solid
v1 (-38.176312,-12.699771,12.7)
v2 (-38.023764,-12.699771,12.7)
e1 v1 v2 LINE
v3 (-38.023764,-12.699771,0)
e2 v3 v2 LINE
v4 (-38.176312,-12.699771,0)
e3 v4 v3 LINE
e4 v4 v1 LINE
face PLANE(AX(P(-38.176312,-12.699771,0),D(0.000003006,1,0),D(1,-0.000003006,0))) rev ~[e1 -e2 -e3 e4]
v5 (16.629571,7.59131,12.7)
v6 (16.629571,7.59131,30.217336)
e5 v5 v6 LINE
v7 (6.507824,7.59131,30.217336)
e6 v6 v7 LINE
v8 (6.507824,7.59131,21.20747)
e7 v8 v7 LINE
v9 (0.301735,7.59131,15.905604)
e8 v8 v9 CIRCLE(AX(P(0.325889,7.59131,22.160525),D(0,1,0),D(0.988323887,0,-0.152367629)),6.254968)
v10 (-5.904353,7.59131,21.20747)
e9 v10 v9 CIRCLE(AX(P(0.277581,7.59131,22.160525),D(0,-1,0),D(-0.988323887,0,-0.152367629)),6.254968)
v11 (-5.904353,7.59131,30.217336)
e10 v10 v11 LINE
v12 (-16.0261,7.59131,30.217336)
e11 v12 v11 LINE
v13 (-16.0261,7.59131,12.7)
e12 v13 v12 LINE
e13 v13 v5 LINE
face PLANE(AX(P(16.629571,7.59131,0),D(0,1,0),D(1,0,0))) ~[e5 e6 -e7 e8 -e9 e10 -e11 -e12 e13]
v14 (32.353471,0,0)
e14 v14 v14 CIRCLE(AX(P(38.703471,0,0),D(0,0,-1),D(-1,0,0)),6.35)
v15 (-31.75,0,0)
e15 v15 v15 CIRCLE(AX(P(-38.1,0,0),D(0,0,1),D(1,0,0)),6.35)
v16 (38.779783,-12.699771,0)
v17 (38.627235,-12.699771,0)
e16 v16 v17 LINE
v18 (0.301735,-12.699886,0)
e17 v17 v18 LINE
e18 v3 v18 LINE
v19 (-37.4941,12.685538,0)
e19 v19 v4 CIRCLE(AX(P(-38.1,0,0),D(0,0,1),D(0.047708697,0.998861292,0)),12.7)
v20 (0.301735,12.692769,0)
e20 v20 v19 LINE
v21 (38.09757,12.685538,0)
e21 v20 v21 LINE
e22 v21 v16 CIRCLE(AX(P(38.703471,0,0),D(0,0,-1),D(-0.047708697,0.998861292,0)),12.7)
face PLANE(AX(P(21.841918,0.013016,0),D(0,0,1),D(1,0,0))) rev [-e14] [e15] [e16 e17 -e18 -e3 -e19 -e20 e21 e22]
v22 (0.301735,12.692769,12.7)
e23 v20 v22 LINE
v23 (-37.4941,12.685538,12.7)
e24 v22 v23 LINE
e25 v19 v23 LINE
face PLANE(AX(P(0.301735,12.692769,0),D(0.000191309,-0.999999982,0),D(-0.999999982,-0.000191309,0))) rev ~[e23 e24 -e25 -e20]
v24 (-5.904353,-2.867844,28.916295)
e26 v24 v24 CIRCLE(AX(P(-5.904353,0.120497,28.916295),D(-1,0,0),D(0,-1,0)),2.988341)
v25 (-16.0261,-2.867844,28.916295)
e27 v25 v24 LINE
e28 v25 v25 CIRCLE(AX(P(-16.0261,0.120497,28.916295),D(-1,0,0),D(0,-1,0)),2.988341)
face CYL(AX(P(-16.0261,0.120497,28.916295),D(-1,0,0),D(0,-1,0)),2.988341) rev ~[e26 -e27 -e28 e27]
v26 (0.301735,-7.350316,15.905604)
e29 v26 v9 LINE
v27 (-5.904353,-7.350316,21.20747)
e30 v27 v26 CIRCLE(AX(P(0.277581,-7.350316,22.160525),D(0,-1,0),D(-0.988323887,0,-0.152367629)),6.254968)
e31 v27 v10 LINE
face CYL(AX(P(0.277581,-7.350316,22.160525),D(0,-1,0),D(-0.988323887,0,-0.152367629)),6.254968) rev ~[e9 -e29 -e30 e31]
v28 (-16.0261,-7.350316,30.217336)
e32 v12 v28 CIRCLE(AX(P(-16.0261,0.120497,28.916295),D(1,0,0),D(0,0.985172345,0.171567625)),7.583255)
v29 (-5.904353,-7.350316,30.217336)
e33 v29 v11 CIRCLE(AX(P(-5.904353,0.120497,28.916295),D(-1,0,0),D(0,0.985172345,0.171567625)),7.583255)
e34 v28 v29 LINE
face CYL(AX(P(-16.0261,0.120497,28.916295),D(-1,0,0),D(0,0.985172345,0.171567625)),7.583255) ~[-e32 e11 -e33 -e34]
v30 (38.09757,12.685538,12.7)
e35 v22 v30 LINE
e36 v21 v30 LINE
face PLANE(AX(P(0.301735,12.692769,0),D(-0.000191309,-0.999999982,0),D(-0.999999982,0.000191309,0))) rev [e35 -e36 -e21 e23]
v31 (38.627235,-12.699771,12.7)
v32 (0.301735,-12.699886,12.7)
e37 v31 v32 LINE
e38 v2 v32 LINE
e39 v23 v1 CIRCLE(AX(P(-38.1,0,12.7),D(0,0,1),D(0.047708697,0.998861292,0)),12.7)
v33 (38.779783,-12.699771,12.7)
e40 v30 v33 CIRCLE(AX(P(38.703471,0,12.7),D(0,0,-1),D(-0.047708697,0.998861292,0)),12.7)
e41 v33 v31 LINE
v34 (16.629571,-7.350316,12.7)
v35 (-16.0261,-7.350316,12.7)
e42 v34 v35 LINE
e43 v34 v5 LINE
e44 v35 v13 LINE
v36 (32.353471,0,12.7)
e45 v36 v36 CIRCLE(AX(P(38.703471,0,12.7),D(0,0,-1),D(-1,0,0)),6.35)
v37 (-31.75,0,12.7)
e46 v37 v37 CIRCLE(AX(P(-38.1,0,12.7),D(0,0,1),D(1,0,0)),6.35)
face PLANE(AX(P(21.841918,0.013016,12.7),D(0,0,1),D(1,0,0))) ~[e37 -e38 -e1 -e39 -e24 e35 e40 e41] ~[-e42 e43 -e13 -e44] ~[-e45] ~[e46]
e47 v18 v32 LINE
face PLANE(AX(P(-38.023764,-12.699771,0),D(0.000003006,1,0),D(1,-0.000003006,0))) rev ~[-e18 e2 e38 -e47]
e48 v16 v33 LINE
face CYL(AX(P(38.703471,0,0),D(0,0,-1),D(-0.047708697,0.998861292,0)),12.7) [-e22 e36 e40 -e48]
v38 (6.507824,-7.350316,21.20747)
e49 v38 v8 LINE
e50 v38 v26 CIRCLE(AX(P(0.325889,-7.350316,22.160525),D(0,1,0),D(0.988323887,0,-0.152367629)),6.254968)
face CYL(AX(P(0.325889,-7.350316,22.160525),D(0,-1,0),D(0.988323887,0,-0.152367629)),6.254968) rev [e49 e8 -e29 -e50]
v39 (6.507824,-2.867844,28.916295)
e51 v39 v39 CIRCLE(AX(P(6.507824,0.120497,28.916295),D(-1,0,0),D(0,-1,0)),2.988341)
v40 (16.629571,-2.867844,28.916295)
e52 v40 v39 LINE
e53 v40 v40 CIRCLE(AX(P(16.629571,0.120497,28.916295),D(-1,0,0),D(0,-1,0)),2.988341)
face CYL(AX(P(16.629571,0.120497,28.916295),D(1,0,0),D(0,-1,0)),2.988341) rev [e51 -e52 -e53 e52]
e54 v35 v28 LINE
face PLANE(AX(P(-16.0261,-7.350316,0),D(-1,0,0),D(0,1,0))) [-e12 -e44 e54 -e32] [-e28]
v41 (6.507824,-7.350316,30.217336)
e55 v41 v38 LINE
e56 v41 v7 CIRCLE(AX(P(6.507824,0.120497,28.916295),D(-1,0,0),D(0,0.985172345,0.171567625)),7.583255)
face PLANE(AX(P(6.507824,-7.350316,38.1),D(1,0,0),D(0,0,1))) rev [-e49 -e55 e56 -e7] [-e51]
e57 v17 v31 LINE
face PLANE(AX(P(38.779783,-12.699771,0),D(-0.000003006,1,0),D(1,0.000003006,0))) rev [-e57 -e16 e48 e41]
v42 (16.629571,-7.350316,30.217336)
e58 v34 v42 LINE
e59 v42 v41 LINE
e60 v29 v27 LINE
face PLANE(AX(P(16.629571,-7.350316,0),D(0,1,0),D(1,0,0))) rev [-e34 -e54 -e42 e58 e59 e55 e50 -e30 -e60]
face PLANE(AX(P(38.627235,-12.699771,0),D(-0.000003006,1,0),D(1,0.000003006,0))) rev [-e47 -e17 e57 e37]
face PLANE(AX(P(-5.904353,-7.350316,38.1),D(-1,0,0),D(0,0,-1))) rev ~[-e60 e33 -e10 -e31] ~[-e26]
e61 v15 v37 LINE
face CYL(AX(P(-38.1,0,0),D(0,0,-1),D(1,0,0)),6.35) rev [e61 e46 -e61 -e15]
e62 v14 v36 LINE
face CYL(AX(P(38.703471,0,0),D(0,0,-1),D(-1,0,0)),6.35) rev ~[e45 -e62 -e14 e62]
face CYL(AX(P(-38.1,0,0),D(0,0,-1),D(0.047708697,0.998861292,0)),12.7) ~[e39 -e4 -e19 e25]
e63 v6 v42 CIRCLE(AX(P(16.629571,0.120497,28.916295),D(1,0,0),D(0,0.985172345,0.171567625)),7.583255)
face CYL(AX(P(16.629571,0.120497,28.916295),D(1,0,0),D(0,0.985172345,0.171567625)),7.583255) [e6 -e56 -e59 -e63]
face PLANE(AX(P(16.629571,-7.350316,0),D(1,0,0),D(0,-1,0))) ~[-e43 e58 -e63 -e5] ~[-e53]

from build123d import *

# Parameters (mm, degrees)
F0_R     = 6.35
F1_DEPTH = 12.7
F0_W     = 16.3278355569
F0_H     = 14.9416262284
F2_DEPTH = 38.1
F4_DEPTH = 25.4
F6_DEPTH = 25.4
F5_R     = 2.9883408706
F7_DEPTH = 25.4


with BuildPart() as f1:
    # F0 (on Top) → F1 (new body)
    with BuildSketch(Plane.XY):
        with BuildLine():
            Line((0.3017354131, 12.6927690867), (-37.4940995503, 12.6855384058))
            ThreePointArc((-37.4940995503, 12.6855384058), (-50.7954163284, 0.341180667), (-38.1763124432, -12.6997707228))
            Line((-38.1763124432, -12.6997707228), (-38.0237639047, -12.6997711813))
            Line((-38.0237639047, -12.6997711813), (0.3017354131, -12.6998863831))
            Line((0.3017354131, -12.6998863831), (0.3017354131, -7.3503162712))
            Line((0.3017354131, -7.3503162712), (-16.0261001438, -7.3503162712))
            Line((-16.0261001438, -7.3503162712), (-16.0261001438, 7.5913099572))
            Line((-16.0261001438, 7.5913099572), (0.3017354131, 7.5913099572))
            Line((0.3017354131, 7.5913099572), (0.3017354131, 12.6927690867))
        make_face()
        with Locations((-38.1, 0)):
            Circle(F0_R, mode=Mode.SUBTRACT)
    extrude(amount=F1_DEPTH)

    # F0 (on Top) → F2 (join)
    with BuildSketch(Plane.XY):
        with Locations((-7.8621823653, 0.120496843)):
            Rectangle(F0_W, F0_H)
    extrude(amount=F2_DEPTH)

    # F3 (on face) → F4 (cut)
    with BuildSketch(Plane.XZ.offset(7.3503162712)):
        with BuildLine():
            Line((-5.9043527581, 38.1), (-5.9043527581, 21.2074704468))
            ThreePointArc((-5.9043527581, 21.2074704468), (-3.7853007654, 17.4047273656), (0.3017354131, 15.9056037664))
            Line((0.3017354131, 15.9056037664), (0.3017354131, 38.1))
            Line((0.3017354131, 38.1), (-5.9043527581, 38.1))
        make_face()
    extrude(amount=-F4_DEPTH, mode=Mode.SUBTRACT)

    # F5 (on face) → F6 (cut)
    with BuildSketch(Plane(origin=(-16.0261001438, 0, 0), x_dir=(0, -1, 0), z_dir=(-1, 0, 0))):
        with BuildLine():
            ThreePointArc((-7.5913099572, 30.2173364908), (-0.120496843, 36.4995504426), (7.3503162712, 30.2173364908))
            Line((7.3503162712, 30.2173364908), (7.3503162712, 38.1))
            Line((7.3503162712, 38.1), (-7.5913099572, 38.1))
            Line((-7.5913099572, 38.1), (-7.5913099572, 30.2173364908))
        make_face()
    extrude(amount=-F6_DEPTH, mode=Mode.SUBTRACT)

    # F5 (on face) → F7 (cut)
    with BuildSketch(Plane(origin=(-16.0261001438, 0, 0), x_dir=(0, -1, 0), z_dir=(-1, 0, 0))):
        with Locations((-0.120496843, 28.9162954426)):
            Circle(F5_R)
    extrude(amount=-F7_DEPTH, mode=Mode.SUBTRACT)

    # F8: F1 across face


with BuildPart() as f1_1:
    add(f1.part)
    add(f1.part.mirror(Plane(origin=(0.3017354131, 0.0124838458, 7.3784331219), x_dir=(0, 1, 0), z_dir=(1, 0, 0))))


solid = f1_1.part
